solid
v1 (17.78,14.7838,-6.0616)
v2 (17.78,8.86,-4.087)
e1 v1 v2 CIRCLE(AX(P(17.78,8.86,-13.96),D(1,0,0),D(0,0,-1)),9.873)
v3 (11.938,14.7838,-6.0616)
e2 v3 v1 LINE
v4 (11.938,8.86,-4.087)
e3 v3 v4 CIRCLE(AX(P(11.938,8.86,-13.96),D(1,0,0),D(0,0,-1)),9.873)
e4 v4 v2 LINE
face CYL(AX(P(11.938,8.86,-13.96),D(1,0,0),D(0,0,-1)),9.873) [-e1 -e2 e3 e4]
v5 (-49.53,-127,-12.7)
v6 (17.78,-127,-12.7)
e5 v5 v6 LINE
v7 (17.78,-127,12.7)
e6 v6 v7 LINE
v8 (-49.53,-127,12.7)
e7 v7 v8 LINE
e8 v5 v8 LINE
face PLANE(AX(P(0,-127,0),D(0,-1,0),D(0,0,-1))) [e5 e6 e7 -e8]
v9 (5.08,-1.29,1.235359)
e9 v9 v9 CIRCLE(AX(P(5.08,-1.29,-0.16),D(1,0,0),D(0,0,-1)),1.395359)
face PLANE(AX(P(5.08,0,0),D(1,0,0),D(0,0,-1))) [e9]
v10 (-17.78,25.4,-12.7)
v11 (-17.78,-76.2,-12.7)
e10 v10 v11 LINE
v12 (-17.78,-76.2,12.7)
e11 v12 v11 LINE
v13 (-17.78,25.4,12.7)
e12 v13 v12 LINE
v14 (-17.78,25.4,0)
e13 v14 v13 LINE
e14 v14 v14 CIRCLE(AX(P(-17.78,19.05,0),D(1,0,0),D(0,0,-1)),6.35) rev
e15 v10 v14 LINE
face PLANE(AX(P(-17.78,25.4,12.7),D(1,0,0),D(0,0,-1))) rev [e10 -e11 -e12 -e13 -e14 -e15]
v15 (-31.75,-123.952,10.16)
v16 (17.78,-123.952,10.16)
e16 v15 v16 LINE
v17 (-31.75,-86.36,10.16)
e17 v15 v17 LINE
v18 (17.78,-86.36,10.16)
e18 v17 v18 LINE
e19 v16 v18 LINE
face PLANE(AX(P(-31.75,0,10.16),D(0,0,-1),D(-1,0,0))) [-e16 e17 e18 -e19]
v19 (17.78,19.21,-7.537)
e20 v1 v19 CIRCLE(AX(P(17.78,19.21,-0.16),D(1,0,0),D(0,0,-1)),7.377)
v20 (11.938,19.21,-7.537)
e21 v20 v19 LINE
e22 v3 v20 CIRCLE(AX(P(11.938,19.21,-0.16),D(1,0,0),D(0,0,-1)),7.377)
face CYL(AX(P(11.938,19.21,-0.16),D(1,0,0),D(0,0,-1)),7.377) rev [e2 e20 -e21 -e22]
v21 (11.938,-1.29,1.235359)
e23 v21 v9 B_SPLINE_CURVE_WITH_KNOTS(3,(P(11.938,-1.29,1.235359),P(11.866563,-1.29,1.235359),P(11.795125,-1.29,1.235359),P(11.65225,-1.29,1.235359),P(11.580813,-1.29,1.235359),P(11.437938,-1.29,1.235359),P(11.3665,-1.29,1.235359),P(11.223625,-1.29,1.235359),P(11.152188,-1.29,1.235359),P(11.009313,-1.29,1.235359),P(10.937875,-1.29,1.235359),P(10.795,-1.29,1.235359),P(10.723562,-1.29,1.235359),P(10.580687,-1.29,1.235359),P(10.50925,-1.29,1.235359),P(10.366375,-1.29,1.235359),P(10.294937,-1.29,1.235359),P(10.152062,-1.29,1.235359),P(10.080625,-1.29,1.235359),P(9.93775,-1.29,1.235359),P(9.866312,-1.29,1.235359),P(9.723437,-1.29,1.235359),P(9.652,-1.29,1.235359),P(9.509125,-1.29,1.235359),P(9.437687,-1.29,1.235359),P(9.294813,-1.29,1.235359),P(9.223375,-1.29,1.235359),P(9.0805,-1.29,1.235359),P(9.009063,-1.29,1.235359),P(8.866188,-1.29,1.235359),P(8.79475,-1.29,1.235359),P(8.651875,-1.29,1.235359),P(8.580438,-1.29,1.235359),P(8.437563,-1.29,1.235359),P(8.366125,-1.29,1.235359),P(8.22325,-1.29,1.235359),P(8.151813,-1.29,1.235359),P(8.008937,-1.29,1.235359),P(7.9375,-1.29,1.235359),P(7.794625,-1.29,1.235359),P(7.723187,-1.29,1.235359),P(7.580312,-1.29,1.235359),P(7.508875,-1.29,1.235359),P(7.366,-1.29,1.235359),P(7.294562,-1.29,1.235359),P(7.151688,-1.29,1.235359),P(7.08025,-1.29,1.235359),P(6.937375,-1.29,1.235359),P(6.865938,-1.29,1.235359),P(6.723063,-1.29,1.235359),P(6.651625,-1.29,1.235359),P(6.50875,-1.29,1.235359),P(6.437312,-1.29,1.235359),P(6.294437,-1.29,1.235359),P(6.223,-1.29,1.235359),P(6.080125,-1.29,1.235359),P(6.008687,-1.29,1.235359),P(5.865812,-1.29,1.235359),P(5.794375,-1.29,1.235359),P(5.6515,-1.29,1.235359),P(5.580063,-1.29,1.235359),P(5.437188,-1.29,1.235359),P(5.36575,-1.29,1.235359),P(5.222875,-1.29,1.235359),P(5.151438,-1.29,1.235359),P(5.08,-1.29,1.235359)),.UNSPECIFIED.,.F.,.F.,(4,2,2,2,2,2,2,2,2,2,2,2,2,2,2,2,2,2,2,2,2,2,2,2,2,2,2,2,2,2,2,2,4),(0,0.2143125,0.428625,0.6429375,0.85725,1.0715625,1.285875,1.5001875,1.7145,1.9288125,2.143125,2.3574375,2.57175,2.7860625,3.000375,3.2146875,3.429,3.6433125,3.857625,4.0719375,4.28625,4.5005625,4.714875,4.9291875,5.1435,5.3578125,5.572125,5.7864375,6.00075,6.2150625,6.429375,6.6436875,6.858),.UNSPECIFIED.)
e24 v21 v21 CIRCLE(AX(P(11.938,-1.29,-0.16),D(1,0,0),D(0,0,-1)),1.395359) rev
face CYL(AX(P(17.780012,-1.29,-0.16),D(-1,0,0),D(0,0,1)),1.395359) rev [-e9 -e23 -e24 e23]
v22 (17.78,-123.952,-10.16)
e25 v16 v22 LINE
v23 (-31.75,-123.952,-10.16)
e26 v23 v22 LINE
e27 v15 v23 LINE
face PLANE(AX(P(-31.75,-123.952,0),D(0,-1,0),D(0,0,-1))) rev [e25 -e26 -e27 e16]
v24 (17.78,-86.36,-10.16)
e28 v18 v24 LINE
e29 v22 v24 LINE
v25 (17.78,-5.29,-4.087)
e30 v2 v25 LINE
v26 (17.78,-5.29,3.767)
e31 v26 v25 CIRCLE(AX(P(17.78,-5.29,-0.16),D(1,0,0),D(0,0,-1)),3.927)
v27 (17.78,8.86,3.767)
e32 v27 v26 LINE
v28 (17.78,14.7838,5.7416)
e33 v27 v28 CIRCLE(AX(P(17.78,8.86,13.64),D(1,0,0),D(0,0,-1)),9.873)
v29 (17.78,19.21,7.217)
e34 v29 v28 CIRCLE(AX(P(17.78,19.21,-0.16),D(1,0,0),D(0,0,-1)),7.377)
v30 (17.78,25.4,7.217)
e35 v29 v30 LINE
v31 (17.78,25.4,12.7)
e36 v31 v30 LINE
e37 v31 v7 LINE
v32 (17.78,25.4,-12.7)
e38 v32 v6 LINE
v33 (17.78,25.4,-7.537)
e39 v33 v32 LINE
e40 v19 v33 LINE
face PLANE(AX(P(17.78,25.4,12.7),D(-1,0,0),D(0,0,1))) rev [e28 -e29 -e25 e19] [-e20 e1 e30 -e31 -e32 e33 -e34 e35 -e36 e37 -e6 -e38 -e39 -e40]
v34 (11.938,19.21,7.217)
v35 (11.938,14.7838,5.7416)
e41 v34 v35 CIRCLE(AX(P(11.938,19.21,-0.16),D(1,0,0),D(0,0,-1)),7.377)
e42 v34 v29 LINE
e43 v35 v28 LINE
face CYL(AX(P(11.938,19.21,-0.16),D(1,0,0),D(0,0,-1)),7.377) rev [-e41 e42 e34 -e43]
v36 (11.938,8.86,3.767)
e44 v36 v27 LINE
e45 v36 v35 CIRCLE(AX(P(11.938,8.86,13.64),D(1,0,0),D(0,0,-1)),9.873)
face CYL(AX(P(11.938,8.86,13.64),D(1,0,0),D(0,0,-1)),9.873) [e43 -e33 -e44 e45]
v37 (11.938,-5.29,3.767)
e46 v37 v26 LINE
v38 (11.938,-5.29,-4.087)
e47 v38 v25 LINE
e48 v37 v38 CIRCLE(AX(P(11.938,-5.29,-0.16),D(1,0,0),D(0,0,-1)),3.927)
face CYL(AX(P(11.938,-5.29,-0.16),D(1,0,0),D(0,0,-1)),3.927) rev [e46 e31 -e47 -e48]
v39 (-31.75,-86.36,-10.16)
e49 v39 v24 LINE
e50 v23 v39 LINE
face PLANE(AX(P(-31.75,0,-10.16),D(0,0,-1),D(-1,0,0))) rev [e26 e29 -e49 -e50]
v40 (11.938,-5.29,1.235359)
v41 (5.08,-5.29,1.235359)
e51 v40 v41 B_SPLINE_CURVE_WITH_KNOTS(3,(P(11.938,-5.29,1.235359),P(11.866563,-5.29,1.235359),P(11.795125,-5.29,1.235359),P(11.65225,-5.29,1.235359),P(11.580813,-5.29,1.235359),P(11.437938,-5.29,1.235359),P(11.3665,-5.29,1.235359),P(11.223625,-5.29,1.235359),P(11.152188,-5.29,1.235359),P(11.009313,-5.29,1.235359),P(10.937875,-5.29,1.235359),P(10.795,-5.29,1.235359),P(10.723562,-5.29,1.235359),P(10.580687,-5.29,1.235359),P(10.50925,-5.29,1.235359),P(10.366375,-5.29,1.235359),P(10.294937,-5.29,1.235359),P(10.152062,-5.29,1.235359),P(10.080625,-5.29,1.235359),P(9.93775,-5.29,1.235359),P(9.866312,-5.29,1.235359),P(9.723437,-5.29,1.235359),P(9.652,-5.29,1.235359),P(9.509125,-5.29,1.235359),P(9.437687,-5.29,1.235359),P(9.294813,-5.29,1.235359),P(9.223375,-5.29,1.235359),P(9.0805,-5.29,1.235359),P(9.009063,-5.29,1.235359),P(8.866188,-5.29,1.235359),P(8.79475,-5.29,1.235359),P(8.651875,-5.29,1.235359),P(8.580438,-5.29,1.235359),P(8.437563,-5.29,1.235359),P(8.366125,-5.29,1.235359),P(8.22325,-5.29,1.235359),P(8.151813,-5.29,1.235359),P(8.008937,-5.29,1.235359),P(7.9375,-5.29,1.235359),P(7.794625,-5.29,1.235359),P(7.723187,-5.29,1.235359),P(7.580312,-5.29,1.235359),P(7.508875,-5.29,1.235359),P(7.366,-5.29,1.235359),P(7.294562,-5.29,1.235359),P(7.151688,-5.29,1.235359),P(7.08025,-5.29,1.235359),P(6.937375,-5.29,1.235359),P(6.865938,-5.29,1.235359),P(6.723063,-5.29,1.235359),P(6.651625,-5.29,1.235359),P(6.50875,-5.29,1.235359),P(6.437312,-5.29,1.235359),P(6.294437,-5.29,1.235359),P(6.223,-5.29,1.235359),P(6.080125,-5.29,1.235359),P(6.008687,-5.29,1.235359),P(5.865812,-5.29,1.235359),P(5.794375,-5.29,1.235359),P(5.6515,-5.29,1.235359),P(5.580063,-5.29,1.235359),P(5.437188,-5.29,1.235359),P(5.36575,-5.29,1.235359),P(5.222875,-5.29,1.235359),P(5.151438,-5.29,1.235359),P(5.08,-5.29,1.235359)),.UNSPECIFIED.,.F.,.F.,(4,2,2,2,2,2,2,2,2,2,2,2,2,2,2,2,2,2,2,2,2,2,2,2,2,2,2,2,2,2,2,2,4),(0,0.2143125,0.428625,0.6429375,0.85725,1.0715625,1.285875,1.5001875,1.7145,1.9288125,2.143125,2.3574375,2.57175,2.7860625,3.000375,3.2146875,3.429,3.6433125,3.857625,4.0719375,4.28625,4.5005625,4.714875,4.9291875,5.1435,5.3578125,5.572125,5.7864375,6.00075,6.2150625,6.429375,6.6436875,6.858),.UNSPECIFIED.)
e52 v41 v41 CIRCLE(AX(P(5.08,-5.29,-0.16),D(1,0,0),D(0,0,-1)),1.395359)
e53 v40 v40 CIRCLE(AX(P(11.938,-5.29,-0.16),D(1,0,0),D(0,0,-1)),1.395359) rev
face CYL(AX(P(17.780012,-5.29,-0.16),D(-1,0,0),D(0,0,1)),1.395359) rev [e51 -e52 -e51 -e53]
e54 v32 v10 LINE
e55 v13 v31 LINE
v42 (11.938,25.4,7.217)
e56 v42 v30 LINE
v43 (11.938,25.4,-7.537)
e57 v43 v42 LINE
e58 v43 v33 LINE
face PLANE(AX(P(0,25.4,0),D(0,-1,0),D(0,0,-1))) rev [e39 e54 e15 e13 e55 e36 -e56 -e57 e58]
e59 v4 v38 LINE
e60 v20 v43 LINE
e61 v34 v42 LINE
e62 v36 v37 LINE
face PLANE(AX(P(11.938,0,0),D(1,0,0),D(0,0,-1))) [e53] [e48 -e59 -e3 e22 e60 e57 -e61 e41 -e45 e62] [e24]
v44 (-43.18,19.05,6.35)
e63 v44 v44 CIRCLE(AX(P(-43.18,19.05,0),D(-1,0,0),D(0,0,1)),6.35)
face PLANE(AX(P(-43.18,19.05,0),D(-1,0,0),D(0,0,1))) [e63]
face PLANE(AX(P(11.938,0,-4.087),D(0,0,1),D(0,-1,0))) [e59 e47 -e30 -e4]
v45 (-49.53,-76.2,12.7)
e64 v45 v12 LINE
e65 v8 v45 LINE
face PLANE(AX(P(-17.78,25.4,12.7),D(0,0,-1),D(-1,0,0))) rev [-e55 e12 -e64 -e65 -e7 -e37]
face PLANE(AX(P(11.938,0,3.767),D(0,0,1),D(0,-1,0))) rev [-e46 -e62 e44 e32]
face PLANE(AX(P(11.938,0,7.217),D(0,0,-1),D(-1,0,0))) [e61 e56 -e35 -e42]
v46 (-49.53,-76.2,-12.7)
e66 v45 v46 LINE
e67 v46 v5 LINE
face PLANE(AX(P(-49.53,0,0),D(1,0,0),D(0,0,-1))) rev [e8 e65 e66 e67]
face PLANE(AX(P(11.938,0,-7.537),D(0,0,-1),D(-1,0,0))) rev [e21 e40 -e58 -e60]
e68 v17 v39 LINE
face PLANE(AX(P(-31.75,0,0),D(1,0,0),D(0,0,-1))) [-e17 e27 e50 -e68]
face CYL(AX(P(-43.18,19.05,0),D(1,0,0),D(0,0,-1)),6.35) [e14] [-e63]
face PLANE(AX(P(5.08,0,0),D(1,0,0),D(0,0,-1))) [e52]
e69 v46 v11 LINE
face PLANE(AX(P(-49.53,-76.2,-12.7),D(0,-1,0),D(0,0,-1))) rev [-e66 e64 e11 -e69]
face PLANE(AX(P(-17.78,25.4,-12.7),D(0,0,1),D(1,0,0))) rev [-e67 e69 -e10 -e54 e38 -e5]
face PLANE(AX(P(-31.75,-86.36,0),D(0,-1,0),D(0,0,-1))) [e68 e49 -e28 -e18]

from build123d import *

# Parameters (mm, degrees)
SKETCH1_W               = 35.56
SKETCH1_H               = 25.4
BOSS_EXTRUDE1_DEPTH     = 25.4
SKETCH2_R               = 6.35
BOSS_EXTRUDE2_DEPTH     = 25.4
SKETCH4_R               = 1.395358984
CUT_EXTRUDE1_DEPTH      = 5.842
SKETCH7_W               = 35.56
SKETCH7_H               = 25.4
BOSS_EXTRUDE3_DEPTH     = 101.6
CUT_EXTRUDE2_DEPTH      = 142.44402285
CUT_EXTRUDE2_DEPTH_BACK = 12.7
SKETCH4_4_R             = 1.395358984
SKETCH10_W              = 25.4
SKETCH10_H              = 50.8
BOSS_EXTRUDE4_DEPTH     = 31.75
SKETCH11_W              = 20.32
SKETCH11_H              = 37.592
CUT_EXTRUDE3_DEPTH      = 49.53


with BuildPart() as part:
    # Sketch1 → Boss-Extrude1 (new, symmetric)
    with BuildSketch(Plane(origin=(0, 0, 0), x_dir=(1, 0, 0), z_dir=(0, 1, 0))):
        Rectangle(SKETCH1_W, SKETCH1_H)
    extrude(amount=BOSS_EXTRUDE1_DEPTH, both=True)

    # Sketch2 → Boss-Extrude2 (add, symmetric)
    with BuildSketch(Plane.ZY.offset(17.78)):
        with Locations((0, 19.05)):
            Circle(SKETCH2_R)
    extrude(amount=BOSS_EXTRUDE2_DEPTH, both=True)

    # Sketch4 → Cut-Extrude1 (cut)
    with BuildSketch(Plane(origin=(17.78, 0, 0), x_dir=(0, 0, -1), z_dir=(1, 0, 0))):
        with BuildLine():
            ThreePointArc((-5.7416, 14.7838), (-4.273649798, 11.982116734), (-3.767, 8.86))
            Line((-3.767, 8.86), (-3.767, -5.29))
            ThreePointArc((-3.767, -5.29), (0.16, -9.217), (4.087, -5.29))
            Line((4.087, -5.29), (4.087, 8.86))
            ThreePointArc((4.087, 8.86), (4.593649798, 11.982116734), (6.0616, 14.7838))
            ThreePointArc((6.0616, 14.7838), (7.15843669, 16.87718777), (7.537, 19.21))
            Line((7.537, 19.21), (7.537, 26.587))
            Line((7.537, 26.587), (-7.217, 26.587))
            Line((-7.217, 26.587), (-7.217, 19.21))
            ThreePointArc((-7.217, 19.21), (-6.83843669, 16.87718777), (-5.7416, 14.7838))
        make_face()
        with Locations((0.16, -5.29)):
            Circle(SKETCH4_R, mode=Mode.SUBTRACT)
        with Locations((0.16, -1.29)):
            Circle(SKETCH4_R, mode=Mode.SUBTRACT)
    extrude(amount=-CUT_EXTRUDE1_DEPTH, mode=Mode.SUBTRACT)

    # Sketch7 → Boss-Extrude3 (add)
    with BuildSketch(Plane.XZ.offset(25.4)):
        Rectangle(SKETCH7_W, SKETCH7_H)
    extrude(amount=BOSS_EXTRUDE3_DEPTH)

    # Sketch4<4> → Cut-Extrude2 (cut, two sides: drawn at the far end of the back side and taken through both)
    with BuildSketch(Plane(origin=(17.78, 0, 0), x_dir=(0, 0, -1), z_dir=(1, 0, 0)).offset(-CUT_EXTRUDE2_DEPTH_BACK)):
        with Locations((0.16, -1.29)):
            Circle(SKETCH4_4_R)
        with Locations((0.16, -5.29)):
            Circle(SKETCH4_4_R)
    extrude(amount=CUT_EXTRUDE2_DEPTH + CUT_EXTRUDE2_DEPTH_BACK, mode=Mode.SUBTRACT)

    # Sketch10 → Boss-Extrude4 (add)
    with BuildSketch(Plane.ZY.offset(17.78)):
        with Locations((0, -101.6)):
            Rectangle(SKETCH10_W, SKETCH10_H)
    extrude(amount=BOSS_EXTRUDE4_DEPTH)

    # Sketch11 → Cut-Extrude3 (cut)
    with BuildSketch(Plane(origin=(17.78, 0, 0), x_dir=(0, 0, -1), z_dir=(1, 0, 0))):
        with Locations((0, -105.156)):
            Rectangle(SKETCH11_W, SKETCH11_H)
    extrude(amount=-CUT_EXTRUDE3_DEPTH, mode=Mode.SUBTRACT)


solid = part.part
